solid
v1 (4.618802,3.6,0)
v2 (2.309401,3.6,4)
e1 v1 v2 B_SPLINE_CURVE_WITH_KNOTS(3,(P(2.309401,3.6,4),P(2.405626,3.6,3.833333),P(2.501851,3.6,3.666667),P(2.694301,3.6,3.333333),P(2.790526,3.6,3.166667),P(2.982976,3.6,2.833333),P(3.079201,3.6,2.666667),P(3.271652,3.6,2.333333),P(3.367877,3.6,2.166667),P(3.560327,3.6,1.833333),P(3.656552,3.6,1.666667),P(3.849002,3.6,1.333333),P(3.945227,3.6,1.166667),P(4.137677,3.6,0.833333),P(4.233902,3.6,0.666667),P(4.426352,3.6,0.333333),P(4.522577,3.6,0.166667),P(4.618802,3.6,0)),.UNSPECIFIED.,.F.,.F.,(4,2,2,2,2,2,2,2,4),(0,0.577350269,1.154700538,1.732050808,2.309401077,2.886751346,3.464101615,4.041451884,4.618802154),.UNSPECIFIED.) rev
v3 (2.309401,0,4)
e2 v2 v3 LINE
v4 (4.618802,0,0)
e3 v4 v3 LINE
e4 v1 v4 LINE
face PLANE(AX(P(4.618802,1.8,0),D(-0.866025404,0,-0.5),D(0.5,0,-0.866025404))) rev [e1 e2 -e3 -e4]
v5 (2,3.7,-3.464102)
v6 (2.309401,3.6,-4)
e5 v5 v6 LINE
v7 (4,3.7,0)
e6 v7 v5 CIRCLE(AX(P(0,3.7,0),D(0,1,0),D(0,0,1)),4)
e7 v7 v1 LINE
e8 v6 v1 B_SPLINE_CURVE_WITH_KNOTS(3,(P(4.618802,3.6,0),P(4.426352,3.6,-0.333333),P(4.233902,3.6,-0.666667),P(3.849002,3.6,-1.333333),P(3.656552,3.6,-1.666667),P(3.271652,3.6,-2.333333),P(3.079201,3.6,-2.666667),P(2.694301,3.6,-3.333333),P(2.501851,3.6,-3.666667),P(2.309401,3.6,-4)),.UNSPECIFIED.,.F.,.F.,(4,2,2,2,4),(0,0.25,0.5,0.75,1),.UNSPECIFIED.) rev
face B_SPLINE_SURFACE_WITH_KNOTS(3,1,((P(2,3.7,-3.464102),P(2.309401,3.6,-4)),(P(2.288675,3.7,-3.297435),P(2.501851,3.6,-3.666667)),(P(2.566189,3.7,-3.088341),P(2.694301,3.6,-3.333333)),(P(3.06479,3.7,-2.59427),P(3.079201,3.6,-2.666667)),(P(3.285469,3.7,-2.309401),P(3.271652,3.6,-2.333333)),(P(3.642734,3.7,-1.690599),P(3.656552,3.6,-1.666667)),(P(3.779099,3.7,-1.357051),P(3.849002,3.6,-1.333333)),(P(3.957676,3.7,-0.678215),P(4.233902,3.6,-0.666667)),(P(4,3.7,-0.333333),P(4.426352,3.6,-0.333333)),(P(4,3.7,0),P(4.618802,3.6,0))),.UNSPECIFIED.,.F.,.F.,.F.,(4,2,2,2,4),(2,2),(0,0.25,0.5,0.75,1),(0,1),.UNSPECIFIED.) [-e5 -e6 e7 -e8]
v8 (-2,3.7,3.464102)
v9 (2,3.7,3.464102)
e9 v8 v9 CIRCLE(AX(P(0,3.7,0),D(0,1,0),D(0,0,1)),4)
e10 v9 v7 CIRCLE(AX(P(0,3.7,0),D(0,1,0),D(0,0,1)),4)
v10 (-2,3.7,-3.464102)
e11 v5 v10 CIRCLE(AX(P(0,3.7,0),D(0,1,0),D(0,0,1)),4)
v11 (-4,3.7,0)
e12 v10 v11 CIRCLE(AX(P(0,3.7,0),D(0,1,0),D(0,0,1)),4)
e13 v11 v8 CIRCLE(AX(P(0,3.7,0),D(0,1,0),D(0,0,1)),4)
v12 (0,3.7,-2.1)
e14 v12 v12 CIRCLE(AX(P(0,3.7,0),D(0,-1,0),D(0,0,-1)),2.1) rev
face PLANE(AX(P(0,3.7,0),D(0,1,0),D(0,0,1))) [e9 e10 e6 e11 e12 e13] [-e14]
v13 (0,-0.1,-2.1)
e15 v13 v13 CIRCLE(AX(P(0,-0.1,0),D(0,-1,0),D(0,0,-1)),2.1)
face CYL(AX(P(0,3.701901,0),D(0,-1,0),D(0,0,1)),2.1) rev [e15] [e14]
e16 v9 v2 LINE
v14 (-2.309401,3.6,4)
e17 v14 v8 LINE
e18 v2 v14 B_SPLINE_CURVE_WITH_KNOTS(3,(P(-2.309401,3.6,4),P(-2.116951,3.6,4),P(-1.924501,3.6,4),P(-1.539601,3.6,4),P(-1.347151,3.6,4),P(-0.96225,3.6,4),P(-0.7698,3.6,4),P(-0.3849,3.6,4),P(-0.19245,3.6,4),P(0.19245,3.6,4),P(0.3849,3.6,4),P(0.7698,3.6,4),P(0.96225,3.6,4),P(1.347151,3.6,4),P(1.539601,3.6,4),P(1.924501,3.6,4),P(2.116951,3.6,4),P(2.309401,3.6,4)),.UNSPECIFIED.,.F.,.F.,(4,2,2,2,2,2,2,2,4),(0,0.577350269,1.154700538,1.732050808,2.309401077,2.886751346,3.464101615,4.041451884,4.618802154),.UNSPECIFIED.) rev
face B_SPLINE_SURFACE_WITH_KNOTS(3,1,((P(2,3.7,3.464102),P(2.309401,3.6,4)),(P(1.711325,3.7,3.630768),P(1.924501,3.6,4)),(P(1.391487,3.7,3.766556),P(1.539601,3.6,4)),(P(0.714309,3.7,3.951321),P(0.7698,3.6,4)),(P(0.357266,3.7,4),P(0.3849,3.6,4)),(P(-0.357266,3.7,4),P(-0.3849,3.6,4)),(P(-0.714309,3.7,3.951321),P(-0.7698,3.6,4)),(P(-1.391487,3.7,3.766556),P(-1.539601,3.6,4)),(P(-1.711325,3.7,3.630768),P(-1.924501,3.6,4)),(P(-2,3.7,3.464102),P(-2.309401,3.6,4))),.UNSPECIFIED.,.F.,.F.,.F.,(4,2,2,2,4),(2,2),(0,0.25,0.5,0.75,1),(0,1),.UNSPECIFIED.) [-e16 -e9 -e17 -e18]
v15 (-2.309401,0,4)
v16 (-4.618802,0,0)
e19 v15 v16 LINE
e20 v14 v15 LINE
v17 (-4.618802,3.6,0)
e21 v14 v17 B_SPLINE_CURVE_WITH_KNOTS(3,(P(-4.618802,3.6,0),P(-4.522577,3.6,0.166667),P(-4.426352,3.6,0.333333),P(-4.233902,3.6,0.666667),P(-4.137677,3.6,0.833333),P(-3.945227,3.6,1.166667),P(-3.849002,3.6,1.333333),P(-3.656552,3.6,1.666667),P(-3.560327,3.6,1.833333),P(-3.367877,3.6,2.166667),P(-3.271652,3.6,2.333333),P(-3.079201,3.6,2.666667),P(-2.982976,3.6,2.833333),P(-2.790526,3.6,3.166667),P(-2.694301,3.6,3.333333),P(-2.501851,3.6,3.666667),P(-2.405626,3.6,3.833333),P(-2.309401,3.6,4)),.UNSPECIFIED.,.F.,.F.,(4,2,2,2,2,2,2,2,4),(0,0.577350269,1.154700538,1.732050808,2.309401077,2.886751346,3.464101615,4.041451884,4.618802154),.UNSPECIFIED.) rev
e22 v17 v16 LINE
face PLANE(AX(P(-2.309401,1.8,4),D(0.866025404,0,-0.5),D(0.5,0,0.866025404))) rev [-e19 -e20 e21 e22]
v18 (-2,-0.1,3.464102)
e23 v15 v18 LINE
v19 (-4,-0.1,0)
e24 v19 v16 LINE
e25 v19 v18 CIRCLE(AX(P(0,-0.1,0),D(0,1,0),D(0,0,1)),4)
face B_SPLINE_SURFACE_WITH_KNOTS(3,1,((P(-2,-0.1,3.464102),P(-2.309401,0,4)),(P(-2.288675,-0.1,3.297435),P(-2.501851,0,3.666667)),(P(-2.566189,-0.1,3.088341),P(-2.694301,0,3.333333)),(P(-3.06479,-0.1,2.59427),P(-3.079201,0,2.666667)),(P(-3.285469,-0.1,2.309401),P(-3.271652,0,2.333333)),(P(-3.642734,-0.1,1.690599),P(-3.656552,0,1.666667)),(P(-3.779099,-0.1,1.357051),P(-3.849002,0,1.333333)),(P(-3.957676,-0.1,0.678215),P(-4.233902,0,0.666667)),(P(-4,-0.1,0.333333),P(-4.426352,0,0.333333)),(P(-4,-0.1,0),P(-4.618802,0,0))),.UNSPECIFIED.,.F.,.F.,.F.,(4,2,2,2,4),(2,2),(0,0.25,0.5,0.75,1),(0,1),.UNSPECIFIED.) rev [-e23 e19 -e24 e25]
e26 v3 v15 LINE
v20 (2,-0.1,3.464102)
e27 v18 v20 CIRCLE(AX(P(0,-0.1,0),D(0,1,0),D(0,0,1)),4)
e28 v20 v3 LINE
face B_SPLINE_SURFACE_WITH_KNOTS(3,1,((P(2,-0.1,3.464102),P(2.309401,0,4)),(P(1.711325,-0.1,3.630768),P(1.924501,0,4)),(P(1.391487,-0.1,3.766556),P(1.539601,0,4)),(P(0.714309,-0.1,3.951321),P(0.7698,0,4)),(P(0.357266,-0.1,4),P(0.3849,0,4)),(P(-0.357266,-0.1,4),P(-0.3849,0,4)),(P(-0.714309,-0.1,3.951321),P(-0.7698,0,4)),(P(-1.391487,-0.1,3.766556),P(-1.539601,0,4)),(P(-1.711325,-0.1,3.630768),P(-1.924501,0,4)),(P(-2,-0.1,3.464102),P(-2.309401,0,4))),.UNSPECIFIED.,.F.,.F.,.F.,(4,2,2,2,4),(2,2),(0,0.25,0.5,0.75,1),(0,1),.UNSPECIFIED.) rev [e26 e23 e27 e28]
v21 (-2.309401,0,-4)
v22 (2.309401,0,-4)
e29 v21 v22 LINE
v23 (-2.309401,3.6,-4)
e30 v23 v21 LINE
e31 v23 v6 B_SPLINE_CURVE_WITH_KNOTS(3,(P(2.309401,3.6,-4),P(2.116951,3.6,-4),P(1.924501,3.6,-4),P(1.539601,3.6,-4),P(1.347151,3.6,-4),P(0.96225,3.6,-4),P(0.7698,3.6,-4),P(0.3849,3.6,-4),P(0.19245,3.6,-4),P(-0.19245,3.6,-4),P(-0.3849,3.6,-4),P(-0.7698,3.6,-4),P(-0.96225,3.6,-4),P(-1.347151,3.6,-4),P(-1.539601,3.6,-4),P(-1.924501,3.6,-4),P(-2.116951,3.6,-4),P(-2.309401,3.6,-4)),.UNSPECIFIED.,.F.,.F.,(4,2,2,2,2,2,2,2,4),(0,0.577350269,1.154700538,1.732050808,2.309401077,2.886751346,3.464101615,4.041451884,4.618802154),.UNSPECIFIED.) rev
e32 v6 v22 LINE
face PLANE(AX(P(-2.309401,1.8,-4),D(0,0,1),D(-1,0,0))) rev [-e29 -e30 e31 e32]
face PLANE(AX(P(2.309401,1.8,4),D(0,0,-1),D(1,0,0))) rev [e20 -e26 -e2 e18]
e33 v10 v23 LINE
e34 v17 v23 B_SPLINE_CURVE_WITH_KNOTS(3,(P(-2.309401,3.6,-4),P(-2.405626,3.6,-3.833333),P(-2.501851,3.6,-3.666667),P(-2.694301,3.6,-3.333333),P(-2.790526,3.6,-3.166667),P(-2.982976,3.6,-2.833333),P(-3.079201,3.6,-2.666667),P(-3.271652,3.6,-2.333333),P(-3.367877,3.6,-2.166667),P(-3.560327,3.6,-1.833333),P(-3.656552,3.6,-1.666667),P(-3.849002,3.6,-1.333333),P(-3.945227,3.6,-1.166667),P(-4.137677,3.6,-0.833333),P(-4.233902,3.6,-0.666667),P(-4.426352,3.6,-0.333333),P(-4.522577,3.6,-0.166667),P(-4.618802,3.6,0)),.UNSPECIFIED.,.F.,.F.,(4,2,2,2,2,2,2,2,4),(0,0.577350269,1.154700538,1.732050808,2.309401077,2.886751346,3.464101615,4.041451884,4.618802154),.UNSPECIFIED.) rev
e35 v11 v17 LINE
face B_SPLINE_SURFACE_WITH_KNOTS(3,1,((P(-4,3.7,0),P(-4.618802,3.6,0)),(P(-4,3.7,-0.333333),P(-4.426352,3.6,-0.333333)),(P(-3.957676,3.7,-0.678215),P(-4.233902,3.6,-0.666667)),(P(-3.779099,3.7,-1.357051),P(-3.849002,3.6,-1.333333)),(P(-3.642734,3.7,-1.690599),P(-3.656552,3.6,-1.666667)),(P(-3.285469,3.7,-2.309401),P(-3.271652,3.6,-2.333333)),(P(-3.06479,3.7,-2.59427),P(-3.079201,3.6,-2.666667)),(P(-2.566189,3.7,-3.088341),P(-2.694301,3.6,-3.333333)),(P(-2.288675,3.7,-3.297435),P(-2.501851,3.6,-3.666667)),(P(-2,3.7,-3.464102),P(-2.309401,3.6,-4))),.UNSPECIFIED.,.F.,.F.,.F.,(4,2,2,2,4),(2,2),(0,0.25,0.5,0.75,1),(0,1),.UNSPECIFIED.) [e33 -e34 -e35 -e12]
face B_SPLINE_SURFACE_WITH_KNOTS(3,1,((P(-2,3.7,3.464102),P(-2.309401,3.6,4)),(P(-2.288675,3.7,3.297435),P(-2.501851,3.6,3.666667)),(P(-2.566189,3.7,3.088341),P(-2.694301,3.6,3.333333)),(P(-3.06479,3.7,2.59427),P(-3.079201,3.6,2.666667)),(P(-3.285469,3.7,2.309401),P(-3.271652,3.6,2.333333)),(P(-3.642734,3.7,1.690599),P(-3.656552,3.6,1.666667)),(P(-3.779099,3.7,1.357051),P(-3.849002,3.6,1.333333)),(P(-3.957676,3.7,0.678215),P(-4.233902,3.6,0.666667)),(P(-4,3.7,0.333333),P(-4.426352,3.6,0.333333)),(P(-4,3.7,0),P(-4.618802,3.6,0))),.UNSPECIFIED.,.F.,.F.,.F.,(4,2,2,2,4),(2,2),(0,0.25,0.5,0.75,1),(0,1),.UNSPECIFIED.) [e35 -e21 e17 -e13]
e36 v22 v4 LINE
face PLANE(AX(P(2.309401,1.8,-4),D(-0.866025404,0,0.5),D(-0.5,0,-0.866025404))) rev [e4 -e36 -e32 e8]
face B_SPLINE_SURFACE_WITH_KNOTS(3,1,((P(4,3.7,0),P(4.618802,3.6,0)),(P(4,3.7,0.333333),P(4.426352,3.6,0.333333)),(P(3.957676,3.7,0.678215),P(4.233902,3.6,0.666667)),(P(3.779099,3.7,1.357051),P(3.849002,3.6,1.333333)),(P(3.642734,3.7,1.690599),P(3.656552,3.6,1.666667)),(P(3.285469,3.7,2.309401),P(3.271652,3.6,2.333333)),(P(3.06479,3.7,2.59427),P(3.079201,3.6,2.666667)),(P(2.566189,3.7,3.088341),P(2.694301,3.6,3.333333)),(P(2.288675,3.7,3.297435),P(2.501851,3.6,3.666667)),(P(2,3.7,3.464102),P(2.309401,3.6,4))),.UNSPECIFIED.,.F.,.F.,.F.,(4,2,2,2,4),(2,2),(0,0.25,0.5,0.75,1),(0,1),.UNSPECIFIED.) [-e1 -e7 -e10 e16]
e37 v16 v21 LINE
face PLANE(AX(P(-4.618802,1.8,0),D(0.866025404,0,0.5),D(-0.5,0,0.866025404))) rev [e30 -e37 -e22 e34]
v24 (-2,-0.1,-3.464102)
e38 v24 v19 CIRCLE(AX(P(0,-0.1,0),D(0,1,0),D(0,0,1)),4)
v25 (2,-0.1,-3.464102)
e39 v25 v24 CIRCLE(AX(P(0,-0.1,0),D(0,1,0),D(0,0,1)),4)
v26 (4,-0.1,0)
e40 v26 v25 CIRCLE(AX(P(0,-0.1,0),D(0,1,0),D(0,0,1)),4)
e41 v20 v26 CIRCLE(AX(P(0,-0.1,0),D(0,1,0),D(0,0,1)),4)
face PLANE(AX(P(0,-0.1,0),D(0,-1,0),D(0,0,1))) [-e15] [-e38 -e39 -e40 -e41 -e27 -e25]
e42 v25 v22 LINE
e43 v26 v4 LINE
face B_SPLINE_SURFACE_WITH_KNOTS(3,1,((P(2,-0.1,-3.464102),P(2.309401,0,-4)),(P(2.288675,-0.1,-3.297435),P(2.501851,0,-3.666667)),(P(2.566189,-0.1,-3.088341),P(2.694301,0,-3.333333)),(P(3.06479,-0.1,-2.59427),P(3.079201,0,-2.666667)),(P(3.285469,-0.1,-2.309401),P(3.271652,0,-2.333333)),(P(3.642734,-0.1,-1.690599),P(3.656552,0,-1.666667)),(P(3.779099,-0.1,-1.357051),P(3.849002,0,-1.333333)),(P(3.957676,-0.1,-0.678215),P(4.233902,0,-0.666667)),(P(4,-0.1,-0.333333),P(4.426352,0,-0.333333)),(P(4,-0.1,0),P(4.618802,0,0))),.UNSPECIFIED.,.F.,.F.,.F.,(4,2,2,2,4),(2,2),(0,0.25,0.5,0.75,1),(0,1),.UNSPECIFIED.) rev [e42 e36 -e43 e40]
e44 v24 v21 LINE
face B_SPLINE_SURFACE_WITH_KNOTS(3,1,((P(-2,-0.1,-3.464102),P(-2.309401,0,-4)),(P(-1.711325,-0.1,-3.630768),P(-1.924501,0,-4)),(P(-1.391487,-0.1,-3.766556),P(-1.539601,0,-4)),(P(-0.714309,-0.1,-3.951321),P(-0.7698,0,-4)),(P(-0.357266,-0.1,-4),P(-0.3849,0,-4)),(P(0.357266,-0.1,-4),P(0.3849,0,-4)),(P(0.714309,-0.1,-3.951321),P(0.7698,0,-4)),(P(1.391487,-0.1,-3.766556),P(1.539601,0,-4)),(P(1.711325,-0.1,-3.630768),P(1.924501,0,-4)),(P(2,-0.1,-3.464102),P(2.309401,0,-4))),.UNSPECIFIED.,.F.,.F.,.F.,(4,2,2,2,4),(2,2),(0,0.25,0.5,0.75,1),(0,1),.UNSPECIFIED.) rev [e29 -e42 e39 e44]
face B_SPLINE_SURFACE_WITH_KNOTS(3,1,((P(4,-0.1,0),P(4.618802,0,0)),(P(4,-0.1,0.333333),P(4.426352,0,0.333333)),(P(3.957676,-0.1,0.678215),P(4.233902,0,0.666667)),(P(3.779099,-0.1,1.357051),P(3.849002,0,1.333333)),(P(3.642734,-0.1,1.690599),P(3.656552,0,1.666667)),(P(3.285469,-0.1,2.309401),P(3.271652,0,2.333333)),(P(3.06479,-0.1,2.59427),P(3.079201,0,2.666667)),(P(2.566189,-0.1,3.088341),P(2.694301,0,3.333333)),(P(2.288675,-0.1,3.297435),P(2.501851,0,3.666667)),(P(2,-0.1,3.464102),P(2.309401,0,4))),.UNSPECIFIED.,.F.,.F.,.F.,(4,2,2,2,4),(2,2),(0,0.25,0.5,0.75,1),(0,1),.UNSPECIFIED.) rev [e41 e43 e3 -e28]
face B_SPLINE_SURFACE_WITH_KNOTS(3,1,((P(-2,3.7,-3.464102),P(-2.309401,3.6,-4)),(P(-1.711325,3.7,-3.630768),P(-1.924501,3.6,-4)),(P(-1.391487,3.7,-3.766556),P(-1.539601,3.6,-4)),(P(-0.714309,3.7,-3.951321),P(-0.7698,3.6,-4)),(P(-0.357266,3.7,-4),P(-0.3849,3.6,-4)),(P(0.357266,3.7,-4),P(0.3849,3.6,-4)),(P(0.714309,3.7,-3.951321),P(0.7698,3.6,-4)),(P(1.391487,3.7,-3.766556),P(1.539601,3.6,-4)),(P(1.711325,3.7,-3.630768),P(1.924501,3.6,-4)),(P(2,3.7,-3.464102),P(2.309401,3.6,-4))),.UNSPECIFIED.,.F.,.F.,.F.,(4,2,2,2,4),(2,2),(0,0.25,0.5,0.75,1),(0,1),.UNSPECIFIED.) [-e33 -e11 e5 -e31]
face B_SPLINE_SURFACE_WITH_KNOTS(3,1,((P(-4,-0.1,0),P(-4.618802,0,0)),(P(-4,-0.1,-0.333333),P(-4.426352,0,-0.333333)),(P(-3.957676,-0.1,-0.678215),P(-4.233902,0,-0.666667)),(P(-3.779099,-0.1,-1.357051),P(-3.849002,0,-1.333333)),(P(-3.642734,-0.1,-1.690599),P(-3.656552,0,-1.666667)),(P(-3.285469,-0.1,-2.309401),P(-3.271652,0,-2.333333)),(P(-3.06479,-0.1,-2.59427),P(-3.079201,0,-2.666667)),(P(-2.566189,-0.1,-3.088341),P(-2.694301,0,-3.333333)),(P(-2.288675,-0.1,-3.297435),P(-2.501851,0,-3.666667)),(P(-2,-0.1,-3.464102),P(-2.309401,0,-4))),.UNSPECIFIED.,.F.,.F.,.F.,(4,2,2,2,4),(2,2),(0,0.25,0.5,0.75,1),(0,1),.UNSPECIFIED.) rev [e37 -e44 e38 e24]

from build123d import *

# Parameters (mm, degrees)
EXTRUDE_1_DEPTH     = 1.8
SKETCH_5_R          = 2.1
CUT_EXTRUDE_1_DEPTH = 8.195369054
HOLE_WIZARD_M5_1_D  = 4.2


with BuildPart() as part:
    # 草图1 → 凸台-拉伸1 (new body)
    with BuildSketch(Plane(origin=(0, 0, 0), x_dir=(1, 0, 0), z_dir=(0, 1, 0))):
        Polygon((4.618802154, 0), (2.309401077, 4), (-2.309401077, 4), (-4.618802154, 0), (-2.309401077, -4), (2.309401077, -4), align=None)
    extrude_1 = extrude(amount=EXTRUDE_1_DEPTH)

    # 草图4 for 放样1 → 放样1 section 0
    with BuildSketch(Plane(origin=(0, -0.1, 0), x_dir=(-1, 0, 0), z_dir=(0, -1, 0))):
        with BuildLine():
            # circular arc as an exact rational Bezier (weights 1, cos(half-angle), 1)
            Bezier((-4, 0), (-4, -2.309401077), (-2, -3.464101615), weights=[1, 0.866025404, 1])
            Bezier((-2, -3.464101615), (0, -4.618802154), (2, -3.464101615), weights=[1, 0.866025404, 1])
            Bezier((2, -3.464101615), (4, -2.309401077), (4, 0), weights=[1, 0.866025404, 1])
            Bezier((4, 0), (4, 2.309401077), (2, 3.464101615), weights=[1, 0.866025404, 1])
            Bezier((2, 3.464101615), (0, 4.618802154), (-2, 3.464101615), weights=[1, 0.866025404, 1])
            Bezier((-2, 3.464101615), (-4, 2.309401077), (-4, 0), weights=[1, 0.866025404, 1])
        make_face()
    # 草图3 → 放样1 section 1
    with BuildSketch(Plane.XZ):
        with BuildLine():
            Line((4.618802154, 0), (2.309401077, 4))
            Line((2.309401077, 4), (-2.309401077, 4))
            Line((-2.309401077, 4), (-4.618802154, 0))
            Line((-4.618802154, 0), (-2.309401077, -4))
            Line((-2.309401077, -4), (2.309401077, -4))
            Line((2.309401077, -4), (4.618802154, 0))
        make_face()
    loft_1 = loft()

    # 镜向1: 凸台-拉伸1, 放样1 across plane
    add(extrude_1.mirror(Plane.ZX.offset(1.8)))
    add(loft_1.mirror(Plane.ZX.offset(1.8)))

    # 草图5 → 切除-拉伸1 (cut, through all)
    with BuildSketch(Plane(origin=(0, -0.1, 0), x_dir=(1, 0, 0), z_dir=(0, 1, 0))):
        with Locations(Location((0, 0, 0), (0, 0, 270))):
            Circle(SKETCH_5_R)
    extrude(amount=CUT_EXTRUDE_1_DEPTH, mode=Mode.SUBTRACT)

    # M5 螺纹孔1 (through all)
    with Locations(Plane.ZX.offset(3.7)):
        with Locations((0, 0)):
            Hole(HOLE_WIZARD_M5_1_D / 2)


solid = part.part
